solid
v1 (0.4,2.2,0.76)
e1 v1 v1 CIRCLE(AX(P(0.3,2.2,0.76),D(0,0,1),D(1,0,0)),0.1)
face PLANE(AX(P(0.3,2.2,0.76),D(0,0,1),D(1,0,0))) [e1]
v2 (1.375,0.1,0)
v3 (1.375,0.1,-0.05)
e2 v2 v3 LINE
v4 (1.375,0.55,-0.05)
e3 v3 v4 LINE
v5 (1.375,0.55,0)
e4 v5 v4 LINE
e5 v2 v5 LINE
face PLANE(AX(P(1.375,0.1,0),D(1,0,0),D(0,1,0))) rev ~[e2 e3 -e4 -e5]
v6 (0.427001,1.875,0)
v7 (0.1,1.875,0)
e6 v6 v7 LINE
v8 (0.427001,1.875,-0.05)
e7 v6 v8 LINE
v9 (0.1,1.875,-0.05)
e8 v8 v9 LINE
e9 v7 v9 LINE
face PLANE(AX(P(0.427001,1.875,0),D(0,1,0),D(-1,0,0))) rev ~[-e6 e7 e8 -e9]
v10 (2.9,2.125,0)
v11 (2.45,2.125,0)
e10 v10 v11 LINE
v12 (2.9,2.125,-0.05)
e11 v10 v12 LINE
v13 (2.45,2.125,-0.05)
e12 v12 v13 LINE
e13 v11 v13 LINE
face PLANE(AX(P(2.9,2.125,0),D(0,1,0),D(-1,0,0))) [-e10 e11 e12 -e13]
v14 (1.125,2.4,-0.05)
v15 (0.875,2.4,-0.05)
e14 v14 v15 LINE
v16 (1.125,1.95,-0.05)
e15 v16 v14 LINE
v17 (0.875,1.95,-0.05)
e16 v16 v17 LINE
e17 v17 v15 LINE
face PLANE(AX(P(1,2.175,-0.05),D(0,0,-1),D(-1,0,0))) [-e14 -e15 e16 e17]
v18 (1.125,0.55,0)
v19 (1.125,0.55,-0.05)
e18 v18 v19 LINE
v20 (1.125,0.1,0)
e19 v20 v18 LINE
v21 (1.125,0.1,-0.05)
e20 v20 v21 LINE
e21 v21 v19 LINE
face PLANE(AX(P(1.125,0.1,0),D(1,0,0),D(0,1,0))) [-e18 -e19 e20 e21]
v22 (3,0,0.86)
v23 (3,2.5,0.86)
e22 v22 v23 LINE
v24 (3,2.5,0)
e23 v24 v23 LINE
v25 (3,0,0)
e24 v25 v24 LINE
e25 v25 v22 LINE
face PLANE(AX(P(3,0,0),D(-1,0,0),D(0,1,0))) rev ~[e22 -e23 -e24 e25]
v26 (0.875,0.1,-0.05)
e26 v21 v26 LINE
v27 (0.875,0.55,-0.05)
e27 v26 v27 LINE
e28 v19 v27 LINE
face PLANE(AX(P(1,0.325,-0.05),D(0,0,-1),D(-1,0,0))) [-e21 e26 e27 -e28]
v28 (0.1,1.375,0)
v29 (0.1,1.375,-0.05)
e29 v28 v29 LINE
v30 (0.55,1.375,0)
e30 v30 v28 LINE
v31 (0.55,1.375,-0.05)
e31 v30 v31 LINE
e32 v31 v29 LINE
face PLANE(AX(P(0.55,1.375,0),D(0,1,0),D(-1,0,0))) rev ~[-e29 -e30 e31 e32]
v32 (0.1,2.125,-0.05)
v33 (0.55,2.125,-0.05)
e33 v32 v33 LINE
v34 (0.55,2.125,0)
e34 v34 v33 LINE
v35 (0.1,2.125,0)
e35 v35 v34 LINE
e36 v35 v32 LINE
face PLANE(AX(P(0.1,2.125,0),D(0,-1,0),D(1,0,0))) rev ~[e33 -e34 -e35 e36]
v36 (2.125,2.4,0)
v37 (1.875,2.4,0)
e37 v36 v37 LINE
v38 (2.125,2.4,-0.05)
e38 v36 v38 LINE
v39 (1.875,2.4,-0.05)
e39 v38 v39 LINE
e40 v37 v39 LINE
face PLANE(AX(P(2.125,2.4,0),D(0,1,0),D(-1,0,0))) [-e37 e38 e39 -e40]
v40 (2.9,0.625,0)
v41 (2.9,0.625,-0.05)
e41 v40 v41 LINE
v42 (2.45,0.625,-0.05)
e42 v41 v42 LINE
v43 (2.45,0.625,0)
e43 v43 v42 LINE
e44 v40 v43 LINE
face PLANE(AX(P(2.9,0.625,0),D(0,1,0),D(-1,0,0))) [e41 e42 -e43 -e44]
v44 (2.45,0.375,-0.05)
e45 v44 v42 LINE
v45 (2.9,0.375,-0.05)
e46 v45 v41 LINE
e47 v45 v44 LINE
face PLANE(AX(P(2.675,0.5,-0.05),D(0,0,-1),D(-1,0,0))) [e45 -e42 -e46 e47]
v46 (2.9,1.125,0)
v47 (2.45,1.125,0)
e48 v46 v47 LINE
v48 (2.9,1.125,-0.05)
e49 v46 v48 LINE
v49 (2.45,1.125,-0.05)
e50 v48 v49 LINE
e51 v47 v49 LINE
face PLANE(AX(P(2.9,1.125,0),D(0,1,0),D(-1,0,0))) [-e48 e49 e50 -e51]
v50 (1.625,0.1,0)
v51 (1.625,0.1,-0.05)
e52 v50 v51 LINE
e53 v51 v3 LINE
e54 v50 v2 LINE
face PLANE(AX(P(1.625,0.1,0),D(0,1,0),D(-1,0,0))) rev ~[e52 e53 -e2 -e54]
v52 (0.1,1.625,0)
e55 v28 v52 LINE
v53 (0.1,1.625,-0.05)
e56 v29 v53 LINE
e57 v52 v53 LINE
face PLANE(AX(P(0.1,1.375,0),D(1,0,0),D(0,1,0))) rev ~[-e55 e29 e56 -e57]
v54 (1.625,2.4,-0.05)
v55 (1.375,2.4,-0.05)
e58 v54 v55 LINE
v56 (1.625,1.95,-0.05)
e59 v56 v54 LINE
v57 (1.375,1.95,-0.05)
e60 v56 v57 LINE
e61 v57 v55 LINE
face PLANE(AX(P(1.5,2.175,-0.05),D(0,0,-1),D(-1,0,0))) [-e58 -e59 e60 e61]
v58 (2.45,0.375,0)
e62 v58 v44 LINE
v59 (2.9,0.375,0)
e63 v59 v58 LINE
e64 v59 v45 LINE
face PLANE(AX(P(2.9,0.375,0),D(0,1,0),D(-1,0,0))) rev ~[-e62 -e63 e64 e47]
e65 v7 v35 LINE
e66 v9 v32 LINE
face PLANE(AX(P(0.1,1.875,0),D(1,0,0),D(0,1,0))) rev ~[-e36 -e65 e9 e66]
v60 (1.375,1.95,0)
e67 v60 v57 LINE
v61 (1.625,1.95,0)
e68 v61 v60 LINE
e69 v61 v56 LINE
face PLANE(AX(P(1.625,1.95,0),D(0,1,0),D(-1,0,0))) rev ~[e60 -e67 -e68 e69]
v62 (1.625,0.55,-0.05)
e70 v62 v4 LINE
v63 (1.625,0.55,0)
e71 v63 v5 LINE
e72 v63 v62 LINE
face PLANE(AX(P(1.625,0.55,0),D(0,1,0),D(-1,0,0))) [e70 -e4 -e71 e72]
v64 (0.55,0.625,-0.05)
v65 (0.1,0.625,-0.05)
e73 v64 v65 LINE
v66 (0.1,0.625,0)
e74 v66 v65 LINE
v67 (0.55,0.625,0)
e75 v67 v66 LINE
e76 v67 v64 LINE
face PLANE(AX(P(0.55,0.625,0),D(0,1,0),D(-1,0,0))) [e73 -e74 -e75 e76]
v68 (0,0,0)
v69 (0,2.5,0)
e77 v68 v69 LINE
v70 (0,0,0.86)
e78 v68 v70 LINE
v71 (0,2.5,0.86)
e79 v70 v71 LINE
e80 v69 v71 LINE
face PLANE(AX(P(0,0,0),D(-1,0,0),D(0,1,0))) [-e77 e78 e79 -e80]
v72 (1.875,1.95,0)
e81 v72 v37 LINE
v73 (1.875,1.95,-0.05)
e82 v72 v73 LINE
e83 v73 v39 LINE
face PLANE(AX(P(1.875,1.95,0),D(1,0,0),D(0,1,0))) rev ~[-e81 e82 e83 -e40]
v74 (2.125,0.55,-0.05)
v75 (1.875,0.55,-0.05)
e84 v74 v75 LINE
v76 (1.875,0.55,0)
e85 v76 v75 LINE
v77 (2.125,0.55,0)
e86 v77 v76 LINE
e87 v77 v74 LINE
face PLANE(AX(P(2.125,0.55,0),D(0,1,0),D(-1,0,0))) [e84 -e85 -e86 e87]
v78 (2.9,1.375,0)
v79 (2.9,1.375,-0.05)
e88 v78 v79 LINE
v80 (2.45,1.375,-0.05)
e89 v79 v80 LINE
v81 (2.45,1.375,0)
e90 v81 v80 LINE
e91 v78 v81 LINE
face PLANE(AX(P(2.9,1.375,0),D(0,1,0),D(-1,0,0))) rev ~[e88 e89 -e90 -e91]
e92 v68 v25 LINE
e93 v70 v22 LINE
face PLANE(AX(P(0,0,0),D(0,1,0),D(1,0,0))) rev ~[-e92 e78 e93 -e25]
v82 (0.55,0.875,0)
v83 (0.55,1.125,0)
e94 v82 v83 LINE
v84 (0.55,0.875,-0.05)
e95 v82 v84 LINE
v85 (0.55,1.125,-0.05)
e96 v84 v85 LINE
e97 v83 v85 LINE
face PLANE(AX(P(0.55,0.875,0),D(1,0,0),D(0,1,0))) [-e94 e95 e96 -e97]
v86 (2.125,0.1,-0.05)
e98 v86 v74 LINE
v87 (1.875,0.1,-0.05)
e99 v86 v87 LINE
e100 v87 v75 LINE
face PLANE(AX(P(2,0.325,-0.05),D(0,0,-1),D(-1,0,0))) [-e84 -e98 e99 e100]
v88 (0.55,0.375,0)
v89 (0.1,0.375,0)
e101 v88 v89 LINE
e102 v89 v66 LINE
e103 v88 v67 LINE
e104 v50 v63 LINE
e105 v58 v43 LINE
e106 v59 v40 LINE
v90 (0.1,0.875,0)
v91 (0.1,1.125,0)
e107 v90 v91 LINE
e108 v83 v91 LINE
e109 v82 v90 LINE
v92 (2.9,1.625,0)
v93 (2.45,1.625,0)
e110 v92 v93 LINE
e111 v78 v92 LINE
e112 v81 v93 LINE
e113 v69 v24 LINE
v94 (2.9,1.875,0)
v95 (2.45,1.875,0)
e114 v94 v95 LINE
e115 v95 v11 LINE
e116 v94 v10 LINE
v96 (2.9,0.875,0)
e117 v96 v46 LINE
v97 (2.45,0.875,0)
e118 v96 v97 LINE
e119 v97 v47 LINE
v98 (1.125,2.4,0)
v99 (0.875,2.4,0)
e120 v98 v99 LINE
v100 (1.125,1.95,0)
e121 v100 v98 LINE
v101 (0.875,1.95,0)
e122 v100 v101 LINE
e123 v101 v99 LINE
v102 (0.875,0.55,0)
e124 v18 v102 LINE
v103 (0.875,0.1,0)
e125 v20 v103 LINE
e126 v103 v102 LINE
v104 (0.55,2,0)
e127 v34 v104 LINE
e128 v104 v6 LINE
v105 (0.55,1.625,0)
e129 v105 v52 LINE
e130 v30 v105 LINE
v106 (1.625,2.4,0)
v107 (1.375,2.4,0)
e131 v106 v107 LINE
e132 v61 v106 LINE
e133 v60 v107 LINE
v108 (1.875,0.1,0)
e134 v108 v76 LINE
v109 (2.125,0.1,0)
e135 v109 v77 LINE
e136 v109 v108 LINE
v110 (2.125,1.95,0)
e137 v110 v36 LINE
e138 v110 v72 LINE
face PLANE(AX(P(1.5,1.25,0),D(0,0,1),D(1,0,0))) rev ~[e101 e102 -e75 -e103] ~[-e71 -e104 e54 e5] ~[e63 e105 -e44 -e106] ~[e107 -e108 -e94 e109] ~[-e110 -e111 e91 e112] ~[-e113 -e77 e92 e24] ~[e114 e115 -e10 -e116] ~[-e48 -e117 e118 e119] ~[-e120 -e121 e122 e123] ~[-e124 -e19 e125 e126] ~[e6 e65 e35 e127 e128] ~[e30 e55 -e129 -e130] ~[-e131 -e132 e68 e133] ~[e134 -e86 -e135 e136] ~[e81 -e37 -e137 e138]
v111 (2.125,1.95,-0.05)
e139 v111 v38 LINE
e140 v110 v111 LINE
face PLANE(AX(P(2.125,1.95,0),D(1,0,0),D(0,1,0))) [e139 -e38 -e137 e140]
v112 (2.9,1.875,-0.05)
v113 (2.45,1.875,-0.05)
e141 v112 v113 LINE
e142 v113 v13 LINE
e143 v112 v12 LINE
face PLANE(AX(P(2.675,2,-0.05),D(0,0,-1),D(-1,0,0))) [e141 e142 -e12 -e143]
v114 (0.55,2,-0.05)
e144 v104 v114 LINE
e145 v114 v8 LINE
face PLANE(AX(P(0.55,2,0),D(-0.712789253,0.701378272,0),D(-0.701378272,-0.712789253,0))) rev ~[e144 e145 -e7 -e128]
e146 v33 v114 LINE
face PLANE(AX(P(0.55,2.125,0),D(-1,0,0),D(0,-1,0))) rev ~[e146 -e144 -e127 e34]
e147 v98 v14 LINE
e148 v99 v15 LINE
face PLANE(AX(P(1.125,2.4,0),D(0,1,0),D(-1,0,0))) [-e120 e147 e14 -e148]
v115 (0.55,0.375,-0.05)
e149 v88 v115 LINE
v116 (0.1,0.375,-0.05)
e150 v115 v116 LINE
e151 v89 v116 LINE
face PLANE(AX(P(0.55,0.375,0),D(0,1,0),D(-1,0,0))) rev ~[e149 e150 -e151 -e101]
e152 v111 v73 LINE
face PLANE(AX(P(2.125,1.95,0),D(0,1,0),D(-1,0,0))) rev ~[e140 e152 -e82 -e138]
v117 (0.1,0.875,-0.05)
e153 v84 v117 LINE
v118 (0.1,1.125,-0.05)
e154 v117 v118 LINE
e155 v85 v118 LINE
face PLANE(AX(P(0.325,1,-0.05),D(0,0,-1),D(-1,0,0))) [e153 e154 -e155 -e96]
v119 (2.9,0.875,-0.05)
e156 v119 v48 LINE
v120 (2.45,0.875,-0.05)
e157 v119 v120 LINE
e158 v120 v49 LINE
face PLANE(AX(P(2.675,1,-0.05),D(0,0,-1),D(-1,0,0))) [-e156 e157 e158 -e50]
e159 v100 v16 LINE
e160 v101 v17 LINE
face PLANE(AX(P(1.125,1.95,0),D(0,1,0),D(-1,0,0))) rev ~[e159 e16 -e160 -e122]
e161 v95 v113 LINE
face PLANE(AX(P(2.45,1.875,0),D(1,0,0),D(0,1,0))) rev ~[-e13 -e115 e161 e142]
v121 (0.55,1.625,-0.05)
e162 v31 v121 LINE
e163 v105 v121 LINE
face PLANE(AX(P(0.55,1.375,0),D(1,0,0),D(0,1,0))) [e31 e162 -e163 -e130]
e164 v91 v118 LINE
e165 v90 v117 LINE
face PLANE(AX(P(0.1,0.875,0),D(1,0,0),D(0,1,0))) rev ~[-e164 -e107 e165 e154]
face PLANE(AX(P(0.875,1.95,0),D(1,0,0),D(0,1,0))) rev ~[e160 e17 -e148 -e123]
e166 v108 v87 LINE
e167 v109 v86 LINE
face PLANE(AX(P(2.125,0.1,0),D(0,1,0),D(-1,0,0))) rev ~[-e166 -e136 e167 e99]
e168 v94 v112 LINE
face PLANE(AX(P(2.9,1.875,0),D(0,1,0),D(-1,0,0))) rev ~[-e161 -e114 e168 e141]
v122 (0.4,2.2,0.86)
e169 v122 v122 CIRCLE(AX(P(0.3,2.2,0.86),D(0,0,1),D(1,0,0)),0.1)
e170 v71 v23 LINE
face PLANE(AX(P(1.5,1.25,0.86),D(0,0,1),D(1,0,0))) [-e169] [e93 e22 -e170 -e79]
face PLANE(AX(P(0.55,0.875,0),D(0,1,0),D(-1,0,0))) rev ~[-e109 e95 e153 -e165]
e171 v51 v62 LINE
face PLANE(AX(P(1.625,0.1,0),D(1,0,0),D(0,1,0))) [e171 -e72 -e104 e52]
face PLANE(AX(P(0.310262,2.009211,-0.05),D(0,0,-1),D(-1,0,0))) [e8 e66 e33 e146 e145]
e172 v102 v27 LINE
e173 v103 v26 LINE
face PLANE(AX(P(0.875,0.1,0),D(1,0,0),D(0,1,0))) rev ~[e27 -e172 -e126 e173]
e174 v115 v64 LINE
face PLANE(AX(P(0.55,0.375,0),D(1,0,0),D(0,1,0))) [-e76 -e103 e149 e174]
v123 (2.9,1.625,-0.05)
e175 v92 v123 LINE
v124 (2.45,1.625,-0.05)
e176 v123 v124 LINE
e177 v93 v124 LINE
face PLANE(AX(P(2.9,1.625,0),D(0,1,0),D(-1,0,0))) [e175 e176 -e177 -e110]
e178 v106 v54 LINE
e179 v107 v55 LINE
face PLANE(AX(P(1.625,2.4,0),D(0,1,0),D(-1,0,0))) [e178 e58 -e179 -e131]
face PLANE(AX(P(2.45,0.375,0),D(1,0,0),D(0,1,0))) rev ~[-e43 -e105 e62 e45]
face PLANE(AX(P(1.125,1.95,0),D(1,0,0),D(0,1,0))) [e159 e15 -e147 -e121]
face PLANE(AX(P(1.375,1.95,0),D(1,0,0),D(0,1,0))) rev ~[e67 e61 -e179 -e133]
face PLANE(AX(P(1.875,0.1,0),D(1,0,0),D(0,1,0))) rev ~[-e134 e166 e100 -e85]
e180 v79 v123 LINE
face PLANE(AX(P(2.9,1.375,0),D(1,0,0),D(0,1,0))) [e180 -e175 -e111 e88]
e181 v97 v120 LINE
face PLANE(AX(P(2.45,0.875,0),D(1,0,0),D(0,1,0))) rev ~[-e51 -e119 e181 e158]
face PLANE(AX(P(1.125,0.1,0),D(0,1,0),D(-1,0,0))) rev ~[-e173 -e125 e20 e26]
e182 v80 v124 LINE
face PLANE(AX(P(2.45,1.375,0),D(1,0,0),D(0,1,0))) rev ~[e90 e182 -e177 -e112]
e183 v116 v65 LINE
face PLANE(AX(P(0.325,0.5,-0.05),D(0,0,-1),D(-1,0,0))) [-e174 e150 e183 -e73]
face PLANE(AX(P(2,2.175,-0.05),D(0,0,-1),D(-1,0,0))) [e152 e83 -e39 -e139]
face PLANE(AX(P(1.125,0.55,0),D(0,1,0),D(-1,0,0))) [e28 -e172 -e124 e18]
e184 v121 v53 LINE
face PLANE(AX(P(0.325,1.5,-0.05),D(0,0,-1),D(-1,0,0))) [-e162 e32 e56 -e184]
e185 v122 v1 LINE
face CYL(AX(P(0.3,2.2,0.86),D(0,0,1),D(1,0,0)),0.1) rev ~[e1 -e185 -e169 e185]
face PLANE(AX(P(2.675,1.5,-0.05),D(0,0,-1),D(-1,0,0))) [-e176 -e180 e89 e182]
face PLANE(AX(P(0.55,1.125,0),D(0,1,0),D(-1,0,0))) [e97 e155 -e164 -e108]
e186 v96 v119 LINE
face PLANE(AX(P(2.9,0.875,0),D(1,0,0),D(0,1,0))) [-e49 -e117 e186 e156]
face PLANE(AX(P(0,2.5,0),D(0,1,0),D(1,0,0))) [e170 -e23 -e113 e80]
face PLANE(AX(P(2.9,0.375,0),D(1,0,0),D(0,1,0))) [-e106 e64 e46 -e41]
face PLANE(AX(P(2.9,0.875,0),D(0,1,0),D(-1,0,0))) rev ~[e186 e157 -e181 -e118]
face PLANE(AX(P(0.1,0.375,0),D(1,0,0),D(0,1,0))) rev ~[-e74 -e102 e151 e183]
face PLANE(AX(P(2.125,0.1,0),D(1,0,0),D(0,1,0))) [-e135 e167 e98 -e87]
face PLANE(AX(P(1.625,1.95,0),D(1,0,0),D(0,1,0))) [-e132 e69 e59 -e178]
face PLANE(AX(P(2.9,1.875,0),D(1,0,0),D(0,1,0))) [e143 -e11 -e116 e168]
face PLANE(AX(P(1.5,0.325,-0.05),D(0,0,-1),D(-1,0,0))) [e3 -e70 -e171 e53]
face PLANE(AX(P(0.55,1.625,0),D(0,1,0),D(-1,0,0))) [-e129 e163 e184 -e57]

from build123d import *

# Parameters (mm, degrees)
SKETCH1_W           = 3
SKETCH1_H           = 2.5
BOSS_EXTRUDE1_DEPTH = 0.86
SKETCH2_R           = 0.1
CUT_EXTRUDE1_DEPTH  = 0.1
SKETCH3_W           = 0.25
SKETCH3_H           = 0.45
SKETCH3_W_2         = 0.45
SKETCH3_H_2         = 0.25
BOSS_EXTRUDE2_DEPTH = 0.05


with BuildPart() as part:
    # Sketch1 → Boss-Extrude1 (new body)
    with BuildSketch(Plane.XY):
        with Locations((1.5, 1.25)):
            Rectangle(SKETCH1_W, SKETCH1_H)
    extrude(amount=BOSS_EXTRUDE1_DEPTH)

    # Sketch2 → Cut-Extrude1 (cut)
    with BuildSketch(Plane.XY.offset(0.86)):
        with Locations((0.3, 2.2)):
            Circle(SKETCH2_R)
    extrude(amount=-CUT_EXTRUDE1_DEPTH, mode=Mode.SUBTRACT)

    # Sketch3 → Boss-Extrude2 (add)
    with BuildSketch(Plane(origin=(0, 0, 0), x_dir=(-1, 0, 0), z_dir=(0, 0, -1))):
        with Locations((-1, 2.175)):
            Rectangle(SKETCH3_W, SKETCH3_H)
        with Locations((-1.5, 2.175)):
            Rectangle(SKETCH3_W, SKETCH3_H)
        with Locations((-2, 2.175)):
            Rectangle(SKETCH3_W, SKETCH3_H)
        with Locations((-2, 0.325)):
            Rectangle(SKETCH3_W, SKETCH3_H)
        with Locations((-1.5, 0.325)):
            Rectangle(SKETCH3_W, SKETCH3_H)
        with Locations((-1, 0.325)):
            Rectangle(SKETCH3_W, SKETCH3_H)
        with Locations((-2.675, 2)):
            Rectangle(SKETCH3_W_2, SKETCH3_H_2)
        with Locations((-2.675, 1.5)):
            Rectangle(SKETCH3_W_2, SKETCH3_H_2)
        with Locations((-2.675, 1)):
            Rectangle(SKETCH3_W_2, SKETCH3_H_2)
        with Locations((-2.675, 0.5)):
            Rectangle(SKETCH3_W_2, SKETCH3_H_2)
        with Locations((-0.325, 0.5)):
            Rectangle(SKETCH3_W_2, SKETCH3_H_2)
        with Locations((-0.325, 1)):
            Rectangle(SKETCH3_W_2, SKETCH3_H_2)
        with Locations((-0.325, 1.5)):
            Rectangle(SKETCH3_W_2, SKETCH3_H_2)
        Polygon((-0.55, 2.125), (-0.55, 2), (-0.427001114, 1.875), (-0.1, 1.875), (-0.1, 2.125), align=None)
    extrude(amount=BOSS_EXTRUDE2_DEPTH)


solid = part.part
